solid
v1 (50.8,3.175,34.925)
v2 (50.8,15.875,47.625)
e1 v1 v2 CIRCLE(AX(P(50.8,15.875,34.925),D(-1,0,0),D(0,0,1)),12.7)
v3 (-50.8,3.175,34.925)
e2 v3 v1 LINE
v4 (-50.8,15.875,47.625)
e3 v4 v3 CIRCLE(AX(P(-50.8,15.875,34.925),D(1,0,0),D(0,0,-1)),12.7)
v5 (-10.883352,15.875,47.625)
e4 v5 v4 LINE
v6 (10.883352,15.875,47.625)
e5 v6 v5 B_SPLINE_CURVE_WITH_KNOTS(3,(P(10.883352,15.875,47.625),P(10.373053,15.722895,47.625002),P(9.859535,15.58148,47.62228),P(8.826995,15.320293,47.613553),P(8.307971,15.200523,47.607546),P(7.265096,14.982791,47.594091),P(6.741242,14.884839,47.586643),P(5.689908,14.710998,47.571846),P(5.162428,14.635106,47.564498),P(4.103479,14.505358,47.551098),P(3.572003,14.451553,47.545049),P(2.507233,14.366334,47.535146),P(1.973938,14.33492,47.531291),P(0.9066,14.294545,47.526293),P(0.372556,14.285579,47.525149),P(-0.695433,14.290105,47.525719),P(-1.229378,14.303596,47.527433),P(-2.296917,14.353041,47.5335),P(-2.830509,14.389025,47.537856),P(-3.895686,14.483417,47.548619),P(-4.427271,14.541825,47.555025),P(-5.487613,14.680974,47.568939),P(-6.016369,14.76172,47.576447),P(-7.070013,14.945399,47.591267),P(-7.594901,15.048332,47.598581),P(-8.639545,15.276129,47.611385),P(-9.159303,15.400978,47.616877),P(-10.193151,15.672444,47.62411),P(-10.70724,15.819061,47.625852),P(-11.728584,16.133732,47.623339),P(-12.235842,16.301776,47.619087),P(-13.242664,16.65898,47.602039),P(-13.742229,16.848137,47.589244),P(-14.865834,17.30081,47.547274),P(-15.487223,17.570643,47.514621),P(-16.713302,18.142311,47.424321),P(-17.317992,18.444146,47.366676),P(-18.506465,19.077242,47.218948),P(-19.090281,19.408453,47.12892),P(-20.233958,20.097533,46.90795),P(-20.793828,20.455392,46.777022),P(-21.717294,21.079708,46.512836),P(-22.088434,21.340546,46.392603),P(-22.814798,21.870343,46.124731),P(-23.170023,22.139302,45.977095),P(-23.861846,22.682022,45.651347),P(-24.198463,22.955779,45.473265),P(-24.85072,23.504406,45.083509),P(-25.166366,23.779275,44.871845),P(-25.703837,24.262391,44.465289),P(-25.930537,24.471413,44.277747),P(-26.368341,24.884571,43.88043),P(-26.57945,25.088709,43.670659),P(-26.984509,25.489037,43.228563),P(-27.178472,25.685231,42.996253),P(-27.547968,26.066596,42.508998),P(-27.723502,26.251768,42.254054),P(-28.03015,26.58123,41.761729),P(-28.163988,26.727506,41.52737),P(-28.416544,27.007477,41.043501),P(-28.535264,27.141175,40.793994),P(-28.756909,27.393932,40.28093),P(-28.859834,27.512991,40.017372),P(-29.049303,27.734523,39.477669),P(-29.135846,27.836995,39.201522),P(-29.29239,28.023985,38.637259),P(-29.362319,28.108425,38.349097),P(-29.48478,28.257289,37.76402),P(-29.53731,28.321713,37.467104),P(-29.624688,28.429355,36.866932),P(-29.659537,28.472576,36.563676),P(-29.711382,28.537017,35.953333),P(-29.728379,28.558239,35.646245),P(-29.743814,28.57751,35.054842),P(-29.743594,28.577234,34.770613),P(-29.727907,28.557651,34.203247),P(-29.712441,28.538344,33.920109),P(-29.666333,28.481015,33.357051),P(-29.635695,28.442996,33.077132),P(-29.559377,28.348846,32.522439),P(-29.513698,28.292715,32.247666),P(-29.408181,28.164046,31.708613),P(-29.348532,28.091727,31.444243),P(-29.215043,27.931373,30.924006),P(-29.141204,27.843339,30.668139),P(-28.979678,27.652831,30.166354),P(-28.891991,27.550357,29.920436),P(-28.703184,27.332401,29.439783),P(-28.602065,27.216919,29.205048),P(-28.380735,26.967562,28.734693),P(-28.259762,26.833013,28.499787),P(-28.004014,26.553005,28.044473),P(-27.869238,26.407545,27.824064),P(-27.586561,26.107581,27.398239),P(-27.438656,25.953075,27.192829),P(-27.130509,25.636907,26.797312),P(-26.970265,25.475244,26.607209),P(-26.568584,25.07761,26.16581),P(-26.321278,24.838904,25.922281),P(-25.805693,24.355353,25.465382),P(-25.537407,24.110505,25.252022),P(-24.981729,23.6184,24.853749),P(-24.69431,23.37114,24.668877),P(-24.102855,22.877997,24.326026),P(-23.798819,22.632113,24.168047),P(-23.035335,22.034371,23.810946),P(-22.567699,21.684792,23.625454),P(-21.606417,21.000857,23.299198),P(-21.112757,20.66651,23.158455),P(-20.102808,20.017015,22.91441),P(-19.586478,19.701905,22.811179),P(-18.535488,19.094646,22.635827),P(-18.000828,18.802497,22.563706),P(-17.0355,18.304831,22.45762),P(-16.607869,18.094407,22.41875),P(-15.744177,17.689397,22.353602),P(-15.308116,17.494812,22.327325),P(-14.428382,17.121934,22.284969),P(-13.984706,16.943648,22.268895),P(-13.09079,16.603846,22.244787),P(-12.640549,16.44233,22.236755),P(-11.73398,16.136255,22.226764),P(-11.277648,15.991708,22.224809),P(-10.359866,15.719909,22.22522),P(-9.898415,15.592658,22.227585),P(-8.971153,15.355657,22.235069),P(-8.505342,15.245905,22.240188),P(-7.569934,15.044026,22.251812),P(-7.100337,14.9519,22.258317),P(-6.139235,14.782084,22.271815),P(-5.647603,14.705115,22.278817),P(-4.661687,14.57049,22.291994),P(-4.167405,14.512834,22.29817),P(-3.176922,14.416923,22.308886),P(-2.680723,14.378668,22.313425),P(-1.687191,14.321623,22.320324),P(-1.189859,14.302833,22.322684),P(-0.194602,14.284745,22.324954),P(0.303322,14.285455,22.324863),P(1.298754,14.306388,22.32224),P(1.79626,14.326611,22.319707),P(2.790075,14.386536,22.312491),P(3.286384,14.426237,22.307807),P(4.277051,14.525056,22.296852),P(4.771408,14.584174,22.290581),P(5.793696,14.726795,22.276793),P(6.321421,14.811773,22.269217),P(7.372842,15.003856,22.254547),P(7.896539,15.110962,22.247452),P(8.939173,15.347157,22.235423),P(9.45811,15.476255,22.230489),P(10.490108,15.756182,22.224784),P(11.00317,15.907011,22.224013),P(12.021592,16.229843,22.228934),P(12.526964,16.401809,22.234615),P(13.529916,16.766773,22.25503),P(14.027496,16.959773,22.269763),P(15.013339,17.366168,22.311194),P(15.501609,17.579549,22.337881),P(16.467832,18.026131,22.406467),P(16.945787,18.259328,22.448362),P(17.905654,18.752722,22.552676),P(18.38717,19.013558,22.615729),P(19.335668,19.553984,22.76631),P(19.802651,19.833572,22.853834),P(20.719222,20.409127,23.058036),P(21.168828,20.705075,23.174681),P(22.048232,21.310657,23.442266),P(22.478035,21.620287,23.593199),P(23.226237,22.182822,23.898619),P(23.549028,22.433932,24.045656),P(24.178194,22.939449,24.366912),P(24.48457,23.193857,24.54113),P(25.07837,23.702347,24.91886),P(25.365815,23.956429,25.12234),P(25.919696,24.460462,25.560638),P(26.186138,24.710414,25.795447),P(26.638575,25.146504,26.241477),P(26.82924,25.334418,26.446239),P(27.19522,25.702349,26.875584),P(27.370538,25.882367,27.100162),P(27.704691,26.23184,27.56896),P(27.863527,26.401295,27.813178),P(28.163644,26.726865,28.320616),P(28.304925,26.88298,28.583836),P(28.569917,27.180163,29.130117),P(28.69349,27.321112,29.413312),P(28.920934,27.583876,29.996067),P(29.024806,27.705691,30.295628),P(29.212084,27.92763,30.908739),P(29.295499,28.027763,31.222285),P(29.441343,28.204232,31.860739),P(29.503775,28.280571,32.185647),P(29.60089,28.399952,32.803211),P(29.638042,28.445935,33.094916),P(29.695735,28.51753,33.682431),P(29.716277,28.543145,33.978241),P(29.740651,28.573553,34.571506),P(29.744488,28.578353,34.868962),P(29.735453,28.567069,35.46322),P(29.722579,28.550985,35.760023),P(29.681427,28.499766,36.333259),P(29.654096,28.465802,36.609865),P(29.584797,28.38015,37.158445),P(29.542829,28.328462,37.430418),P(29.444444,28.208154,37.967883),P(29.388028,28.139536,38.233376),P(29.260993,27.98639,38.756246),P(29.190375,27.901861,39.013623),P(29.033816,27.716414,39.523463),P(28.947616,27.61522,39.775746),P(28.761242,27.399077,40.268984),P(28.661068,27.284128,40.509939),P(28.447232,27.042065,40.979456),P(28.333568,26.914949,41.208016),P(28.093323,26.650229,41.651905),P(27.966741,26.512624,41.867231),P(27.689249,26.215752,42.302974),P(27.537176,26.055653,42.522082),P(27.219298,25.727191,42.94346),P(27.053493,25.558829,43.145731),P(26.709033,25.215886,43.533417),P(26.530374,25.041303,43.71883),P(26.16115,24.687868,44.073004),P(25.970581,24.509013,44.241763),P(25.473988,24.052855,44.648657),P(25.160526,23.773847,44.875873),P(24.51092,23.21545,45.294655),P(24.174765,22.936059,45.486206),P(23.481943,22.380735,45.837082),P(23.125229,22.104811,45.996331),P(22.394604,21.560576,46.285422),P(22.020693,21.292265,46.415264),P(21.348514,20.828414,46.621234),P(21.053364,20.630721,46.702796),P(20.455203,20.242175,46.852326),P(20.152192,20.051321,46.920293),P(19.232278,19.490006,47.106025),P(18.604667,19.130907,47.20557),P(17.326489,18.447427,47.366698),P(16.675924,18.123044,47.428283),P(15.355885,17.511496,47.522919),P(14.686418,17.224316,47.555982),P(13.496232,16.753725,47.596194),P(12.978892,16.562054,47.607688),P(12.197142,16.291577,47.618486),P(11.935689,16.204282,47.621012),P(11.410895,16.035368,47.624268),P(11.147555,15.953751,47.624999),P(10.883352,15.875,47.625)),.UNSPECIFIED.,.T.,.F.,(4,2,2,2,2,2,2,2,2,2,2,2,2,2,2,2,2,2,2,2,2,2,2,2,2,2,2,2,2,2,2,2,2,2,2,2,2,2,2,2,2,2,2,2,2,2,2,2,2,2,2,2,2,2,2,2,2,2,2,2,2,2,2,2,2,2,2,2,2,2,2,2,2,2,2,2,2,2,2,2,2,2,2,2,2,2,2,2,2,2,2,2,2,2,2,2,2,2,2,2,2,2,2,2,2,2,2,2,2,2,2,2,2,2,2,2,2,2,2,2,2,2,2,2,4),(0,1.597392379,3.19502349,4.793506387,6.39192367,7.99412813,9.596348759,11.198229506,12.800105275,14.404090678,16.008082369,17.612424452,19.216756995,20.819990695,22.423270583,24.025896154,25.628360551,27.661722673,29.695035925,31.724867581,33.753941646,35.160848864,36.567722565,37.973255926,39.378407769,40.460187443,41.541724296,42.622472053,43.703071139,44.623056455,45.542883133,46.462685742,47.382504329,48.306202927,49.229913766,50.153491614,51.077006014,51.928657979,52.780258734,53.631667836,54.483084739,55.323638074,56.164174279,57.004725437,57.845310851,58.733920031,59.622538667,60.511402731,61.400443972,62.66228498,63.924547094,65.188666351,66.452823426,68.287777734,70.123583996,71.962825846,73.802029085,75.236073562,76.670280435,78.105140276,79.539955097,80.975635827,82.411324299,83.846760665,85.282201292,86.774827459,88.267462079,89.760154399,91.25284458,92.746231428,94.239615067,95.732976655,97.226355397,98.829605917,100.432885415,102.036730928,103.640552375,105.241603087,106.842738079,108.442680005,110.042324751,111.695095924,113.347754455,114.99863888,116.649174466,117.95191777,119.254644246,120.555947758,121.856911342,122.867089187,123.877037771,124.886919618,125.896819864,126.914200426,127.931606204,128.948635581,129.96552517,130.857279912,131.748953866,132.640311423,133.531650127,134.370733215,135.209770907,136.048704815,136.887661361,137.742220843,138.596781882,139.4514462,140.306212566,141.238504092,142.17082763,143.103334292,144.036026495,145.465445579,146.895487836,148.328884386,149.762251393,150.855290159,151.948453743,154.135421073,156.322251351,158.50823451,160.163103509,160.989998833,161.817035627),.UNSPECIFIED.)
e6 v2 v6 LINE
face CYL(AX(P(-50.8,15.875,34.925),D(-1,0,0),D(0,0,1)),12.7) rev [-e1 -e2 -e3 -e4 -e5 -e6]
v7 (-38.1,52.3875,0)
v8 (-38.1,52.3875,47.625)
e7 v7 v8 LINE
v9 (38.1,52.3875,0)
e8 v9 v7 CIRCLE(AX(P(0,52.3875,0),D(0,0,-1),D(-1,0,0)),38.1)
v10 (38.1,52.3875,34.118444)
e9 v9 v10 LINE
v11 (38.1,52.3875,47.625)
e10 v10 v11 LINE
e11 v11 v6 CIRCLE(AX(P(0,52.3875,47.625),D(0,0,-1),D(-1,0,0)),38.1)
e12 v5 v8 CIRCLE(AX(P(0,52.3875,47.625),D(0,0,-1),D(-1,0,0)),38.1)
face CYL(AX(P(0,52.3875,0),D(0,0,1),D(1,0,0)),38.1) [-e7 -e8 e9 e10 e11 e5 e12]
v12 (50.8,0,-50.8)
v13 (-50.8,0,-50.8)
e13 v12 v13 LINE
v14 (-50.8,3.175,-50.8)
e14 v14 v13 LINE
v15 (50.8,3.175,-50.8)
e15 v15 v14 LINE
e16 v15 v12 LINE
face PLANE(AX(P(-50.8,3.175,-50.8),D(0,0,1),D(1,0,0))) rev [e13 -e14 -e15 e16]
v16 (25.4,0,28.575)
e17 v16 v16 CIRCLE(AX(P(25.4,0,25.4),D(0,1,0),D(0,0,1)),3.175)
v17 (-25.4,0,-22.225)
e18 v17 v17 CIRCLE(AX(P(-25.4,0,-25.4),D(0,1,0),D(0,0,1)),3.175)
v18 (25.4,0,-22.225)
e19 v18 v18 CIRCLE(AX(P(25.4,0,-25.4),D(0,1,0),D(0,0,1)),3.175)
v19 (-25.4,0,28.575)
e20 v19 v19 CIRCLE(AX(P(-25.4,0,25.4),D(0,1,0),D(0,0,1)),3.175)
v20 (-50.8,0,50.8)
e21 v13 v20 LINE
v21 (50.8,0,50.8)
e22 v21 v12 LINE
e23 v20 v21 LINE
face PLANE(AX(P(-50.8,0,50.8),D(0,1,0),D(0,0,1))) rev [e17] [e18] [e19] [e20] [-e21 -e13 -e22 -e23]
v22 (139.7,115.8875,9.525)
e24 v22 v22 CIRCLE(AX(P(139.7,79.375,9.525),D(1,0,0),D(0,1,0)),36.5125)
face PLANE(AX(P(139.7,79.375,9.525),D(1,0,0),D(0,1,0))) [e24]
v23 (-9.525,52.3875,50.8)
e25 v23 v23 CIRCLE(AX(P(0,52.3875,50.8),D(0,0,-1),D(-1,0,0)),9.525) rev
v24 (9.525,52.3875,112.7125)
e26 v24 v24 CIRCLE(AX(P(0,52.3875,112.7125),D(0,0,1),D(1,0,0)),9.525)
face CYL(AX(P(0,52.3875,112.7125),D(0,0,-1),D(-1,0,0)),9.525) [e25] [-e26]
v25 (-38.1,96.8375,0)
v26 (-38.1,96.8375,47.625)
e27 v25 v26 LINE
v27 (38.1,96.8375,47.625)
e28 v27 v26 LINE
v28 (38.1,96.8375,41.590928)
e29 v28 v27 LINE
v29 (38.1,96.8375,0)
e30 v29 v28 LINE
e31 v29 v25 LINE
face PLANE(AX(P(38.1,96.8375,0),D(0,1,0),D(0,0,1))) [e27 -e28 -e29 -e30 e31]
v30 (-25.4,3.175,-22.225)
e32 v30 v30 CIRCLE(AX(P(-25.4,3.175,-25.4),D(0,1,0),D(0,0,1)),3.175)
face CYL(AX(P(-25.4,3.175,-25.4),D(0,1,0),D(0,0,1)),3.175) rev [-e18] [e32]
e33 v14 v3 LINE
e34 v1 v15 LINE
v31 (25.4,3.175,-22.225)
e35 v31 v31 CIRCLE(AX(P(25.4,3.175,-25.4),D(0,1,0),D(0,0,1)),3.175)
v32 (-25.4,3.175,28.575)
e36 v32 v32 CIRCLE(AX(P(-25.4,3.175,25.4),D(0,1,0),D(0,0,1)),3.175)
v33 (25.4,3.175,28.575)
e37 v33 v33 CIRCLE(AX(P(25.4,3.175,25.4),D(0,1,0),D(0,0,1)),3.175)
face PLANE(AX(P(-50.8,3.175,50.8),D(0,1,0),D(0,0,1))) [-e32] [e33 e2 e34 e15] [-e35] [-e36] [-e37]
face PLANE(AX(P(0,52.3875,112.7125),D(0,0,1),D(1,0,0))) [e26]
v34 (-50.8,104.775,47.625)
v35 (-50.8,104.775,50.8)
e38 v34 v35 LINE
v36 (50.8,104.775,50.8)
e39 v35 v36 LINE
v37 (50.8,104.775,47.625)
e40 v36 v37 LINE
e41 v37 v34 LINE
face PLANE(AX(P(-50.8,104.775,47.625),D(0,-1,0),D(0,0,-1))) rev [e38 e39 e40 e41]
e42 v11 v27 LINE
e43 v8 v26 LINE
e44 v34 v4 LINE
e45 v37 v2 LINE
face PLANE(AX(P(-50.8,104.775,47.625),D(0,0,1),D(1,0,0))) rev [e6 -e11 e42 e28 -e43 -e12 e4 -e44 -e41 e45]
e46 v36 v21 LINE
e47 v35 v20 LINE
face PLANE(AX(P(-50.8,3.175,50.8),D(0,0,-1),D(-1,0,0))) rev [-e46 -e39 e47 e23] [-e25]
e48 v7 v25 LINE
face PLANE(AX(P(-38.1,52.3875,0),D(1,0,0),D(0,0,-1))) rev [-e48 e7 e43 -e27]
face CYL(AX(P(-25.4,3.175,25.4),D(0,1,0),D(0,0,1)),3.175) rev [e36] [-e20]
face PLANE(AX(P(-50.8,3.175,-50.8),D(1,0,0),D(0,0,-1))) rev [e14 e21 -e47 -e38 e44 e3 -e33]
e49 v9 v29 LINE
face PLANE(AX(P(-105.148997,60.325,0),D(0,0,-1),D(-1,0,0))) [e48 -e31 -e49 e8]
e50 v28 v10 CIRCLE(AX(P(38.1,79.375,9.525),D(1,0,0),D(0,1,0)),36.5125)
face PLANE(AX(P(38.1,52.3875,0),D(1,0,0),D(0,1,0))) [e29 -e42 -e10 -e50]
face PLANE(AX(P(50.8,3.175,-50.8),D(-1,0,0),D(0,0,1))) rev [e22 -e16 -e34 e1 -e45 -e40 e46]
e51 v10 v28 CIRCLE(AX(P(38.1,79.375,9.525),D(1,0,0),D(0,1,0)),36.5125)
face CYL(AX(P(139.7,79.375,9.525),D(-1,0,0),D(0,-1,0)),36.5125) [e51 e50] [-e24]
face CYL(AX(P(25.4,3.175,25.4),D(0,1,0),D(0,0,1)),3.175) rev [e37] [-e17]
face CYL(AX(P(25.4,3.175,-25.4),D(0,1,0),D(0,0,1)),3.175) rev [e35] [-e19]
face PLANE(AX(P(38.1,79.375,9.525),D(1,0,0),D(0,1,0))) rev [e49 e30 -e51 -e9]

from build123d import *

# Parameters (mm, degrees)
SKETCH1_W                    = 101.6
SKETCH1_H                    = 101.6
EXTRUDE1_DEPTH               = 3.175
SKETCH2_W                    = 101.6
SKETCH2_H                    = 3.175
EXTRUDE2_DEPTH               = 101.6
FILLET1_R                    = 12.7
SKETCH3_R                    = 9.525
EXTRUDE3_DEPTH               = 61.9125
F_97_0_0059_DIAMETER_HOLE1_D = 6.35
SKETCH7_R                    = 38.1
SKETCH7_W                    = 76.2
SKETCH7_H                    = 44.45
EXTRUDE4_DEPTH               = 47.625
SKETCH10_R                   = 36.5125
EXTRUDE12_DEPTH              = 101.6


with BuildPart() as part:
    # Sketch1 → Extrude1 (new body)
    with BuildSketch(Plane(origin=(0, 0, 0), x_dir=(1, 0, 0), z_dir=(0, 1, 0))):
        Rectangle(SKETCH1_W, SKETCH1_H)
    extrude(amount=EXTRUDE1_DEPTH)

    # Sketch2 → Extrude2 (add)
    with BuildSketch(Plane(origin=(0, 3.175, 0), x_dir=(1, 0, 0), z_dir=(0, 1, 0))):
        with Locations((0, -49.2125)):
            Rectangle(SKETCH2_W, SKETCH2_H)
    extrude(amount=EXTRUDE2_DEPTH)

    # Fillet1
    fillet1_edges = [part.edges().sort_by_distance(p)[0] for p in [
        (0, 3.175, 47.625),
    ]]
    fillet(fillet1_edges, radius=FILLET1_R)

    # Sketch3 → Extrude3 (add)
    with BuildSketch(Plane.XY.offset(50.8)):
        with Locations(Location((0, 52.3875, 0), (0, 0, 180))):
            Circle(SKETCH3_R)
    extrude(amount=EXTRUDE3_DEPTH)

    # #97 (0.0059) Diameter Hole1 (through all)
    with Locations(Plane(origin=(0, 3.175, 0), x_dir=(-1, 0, 0), z_dir=(0, 1, 0))):
        with Locations((-25.4, 25.4), (25.4, 25.4), (25.4, -25.4), (-25.4, -25.4)):
            Hole(F_97_0_0059_DIAMETER_HOLE1_D / 2)

    # Sketch7 → Extrude4 (add)
    with BuildSketch(Plane(origin=(0, 0, 47.625), x_dir=(-1, 0, 0), z_dir=(0, 0, -1))):
        with Locations((0, 52.3875)):
            Circle(SKETCH7_R)
        with Locations((0, 74.6125)):
            Rectangle(SKETCH7_W, SKETCH7_H)
    extrude(amount=EXTRUDE4_DEPTH)

    # Sketch10 → Extrude12 (add)
    with BuildSketch(Plane(origin=(38.1, 0, 0), x_dir=(0, 0, -1), z_dir=(1, 0, 0))):
        with Locations(Location((-9.525, 79.375, 0), (0, 0, 227.657394548))):
            Circle(SKETCH10_R)
    extrude(amount=EXTRUDE12_DEPTH)


solid = part.part
